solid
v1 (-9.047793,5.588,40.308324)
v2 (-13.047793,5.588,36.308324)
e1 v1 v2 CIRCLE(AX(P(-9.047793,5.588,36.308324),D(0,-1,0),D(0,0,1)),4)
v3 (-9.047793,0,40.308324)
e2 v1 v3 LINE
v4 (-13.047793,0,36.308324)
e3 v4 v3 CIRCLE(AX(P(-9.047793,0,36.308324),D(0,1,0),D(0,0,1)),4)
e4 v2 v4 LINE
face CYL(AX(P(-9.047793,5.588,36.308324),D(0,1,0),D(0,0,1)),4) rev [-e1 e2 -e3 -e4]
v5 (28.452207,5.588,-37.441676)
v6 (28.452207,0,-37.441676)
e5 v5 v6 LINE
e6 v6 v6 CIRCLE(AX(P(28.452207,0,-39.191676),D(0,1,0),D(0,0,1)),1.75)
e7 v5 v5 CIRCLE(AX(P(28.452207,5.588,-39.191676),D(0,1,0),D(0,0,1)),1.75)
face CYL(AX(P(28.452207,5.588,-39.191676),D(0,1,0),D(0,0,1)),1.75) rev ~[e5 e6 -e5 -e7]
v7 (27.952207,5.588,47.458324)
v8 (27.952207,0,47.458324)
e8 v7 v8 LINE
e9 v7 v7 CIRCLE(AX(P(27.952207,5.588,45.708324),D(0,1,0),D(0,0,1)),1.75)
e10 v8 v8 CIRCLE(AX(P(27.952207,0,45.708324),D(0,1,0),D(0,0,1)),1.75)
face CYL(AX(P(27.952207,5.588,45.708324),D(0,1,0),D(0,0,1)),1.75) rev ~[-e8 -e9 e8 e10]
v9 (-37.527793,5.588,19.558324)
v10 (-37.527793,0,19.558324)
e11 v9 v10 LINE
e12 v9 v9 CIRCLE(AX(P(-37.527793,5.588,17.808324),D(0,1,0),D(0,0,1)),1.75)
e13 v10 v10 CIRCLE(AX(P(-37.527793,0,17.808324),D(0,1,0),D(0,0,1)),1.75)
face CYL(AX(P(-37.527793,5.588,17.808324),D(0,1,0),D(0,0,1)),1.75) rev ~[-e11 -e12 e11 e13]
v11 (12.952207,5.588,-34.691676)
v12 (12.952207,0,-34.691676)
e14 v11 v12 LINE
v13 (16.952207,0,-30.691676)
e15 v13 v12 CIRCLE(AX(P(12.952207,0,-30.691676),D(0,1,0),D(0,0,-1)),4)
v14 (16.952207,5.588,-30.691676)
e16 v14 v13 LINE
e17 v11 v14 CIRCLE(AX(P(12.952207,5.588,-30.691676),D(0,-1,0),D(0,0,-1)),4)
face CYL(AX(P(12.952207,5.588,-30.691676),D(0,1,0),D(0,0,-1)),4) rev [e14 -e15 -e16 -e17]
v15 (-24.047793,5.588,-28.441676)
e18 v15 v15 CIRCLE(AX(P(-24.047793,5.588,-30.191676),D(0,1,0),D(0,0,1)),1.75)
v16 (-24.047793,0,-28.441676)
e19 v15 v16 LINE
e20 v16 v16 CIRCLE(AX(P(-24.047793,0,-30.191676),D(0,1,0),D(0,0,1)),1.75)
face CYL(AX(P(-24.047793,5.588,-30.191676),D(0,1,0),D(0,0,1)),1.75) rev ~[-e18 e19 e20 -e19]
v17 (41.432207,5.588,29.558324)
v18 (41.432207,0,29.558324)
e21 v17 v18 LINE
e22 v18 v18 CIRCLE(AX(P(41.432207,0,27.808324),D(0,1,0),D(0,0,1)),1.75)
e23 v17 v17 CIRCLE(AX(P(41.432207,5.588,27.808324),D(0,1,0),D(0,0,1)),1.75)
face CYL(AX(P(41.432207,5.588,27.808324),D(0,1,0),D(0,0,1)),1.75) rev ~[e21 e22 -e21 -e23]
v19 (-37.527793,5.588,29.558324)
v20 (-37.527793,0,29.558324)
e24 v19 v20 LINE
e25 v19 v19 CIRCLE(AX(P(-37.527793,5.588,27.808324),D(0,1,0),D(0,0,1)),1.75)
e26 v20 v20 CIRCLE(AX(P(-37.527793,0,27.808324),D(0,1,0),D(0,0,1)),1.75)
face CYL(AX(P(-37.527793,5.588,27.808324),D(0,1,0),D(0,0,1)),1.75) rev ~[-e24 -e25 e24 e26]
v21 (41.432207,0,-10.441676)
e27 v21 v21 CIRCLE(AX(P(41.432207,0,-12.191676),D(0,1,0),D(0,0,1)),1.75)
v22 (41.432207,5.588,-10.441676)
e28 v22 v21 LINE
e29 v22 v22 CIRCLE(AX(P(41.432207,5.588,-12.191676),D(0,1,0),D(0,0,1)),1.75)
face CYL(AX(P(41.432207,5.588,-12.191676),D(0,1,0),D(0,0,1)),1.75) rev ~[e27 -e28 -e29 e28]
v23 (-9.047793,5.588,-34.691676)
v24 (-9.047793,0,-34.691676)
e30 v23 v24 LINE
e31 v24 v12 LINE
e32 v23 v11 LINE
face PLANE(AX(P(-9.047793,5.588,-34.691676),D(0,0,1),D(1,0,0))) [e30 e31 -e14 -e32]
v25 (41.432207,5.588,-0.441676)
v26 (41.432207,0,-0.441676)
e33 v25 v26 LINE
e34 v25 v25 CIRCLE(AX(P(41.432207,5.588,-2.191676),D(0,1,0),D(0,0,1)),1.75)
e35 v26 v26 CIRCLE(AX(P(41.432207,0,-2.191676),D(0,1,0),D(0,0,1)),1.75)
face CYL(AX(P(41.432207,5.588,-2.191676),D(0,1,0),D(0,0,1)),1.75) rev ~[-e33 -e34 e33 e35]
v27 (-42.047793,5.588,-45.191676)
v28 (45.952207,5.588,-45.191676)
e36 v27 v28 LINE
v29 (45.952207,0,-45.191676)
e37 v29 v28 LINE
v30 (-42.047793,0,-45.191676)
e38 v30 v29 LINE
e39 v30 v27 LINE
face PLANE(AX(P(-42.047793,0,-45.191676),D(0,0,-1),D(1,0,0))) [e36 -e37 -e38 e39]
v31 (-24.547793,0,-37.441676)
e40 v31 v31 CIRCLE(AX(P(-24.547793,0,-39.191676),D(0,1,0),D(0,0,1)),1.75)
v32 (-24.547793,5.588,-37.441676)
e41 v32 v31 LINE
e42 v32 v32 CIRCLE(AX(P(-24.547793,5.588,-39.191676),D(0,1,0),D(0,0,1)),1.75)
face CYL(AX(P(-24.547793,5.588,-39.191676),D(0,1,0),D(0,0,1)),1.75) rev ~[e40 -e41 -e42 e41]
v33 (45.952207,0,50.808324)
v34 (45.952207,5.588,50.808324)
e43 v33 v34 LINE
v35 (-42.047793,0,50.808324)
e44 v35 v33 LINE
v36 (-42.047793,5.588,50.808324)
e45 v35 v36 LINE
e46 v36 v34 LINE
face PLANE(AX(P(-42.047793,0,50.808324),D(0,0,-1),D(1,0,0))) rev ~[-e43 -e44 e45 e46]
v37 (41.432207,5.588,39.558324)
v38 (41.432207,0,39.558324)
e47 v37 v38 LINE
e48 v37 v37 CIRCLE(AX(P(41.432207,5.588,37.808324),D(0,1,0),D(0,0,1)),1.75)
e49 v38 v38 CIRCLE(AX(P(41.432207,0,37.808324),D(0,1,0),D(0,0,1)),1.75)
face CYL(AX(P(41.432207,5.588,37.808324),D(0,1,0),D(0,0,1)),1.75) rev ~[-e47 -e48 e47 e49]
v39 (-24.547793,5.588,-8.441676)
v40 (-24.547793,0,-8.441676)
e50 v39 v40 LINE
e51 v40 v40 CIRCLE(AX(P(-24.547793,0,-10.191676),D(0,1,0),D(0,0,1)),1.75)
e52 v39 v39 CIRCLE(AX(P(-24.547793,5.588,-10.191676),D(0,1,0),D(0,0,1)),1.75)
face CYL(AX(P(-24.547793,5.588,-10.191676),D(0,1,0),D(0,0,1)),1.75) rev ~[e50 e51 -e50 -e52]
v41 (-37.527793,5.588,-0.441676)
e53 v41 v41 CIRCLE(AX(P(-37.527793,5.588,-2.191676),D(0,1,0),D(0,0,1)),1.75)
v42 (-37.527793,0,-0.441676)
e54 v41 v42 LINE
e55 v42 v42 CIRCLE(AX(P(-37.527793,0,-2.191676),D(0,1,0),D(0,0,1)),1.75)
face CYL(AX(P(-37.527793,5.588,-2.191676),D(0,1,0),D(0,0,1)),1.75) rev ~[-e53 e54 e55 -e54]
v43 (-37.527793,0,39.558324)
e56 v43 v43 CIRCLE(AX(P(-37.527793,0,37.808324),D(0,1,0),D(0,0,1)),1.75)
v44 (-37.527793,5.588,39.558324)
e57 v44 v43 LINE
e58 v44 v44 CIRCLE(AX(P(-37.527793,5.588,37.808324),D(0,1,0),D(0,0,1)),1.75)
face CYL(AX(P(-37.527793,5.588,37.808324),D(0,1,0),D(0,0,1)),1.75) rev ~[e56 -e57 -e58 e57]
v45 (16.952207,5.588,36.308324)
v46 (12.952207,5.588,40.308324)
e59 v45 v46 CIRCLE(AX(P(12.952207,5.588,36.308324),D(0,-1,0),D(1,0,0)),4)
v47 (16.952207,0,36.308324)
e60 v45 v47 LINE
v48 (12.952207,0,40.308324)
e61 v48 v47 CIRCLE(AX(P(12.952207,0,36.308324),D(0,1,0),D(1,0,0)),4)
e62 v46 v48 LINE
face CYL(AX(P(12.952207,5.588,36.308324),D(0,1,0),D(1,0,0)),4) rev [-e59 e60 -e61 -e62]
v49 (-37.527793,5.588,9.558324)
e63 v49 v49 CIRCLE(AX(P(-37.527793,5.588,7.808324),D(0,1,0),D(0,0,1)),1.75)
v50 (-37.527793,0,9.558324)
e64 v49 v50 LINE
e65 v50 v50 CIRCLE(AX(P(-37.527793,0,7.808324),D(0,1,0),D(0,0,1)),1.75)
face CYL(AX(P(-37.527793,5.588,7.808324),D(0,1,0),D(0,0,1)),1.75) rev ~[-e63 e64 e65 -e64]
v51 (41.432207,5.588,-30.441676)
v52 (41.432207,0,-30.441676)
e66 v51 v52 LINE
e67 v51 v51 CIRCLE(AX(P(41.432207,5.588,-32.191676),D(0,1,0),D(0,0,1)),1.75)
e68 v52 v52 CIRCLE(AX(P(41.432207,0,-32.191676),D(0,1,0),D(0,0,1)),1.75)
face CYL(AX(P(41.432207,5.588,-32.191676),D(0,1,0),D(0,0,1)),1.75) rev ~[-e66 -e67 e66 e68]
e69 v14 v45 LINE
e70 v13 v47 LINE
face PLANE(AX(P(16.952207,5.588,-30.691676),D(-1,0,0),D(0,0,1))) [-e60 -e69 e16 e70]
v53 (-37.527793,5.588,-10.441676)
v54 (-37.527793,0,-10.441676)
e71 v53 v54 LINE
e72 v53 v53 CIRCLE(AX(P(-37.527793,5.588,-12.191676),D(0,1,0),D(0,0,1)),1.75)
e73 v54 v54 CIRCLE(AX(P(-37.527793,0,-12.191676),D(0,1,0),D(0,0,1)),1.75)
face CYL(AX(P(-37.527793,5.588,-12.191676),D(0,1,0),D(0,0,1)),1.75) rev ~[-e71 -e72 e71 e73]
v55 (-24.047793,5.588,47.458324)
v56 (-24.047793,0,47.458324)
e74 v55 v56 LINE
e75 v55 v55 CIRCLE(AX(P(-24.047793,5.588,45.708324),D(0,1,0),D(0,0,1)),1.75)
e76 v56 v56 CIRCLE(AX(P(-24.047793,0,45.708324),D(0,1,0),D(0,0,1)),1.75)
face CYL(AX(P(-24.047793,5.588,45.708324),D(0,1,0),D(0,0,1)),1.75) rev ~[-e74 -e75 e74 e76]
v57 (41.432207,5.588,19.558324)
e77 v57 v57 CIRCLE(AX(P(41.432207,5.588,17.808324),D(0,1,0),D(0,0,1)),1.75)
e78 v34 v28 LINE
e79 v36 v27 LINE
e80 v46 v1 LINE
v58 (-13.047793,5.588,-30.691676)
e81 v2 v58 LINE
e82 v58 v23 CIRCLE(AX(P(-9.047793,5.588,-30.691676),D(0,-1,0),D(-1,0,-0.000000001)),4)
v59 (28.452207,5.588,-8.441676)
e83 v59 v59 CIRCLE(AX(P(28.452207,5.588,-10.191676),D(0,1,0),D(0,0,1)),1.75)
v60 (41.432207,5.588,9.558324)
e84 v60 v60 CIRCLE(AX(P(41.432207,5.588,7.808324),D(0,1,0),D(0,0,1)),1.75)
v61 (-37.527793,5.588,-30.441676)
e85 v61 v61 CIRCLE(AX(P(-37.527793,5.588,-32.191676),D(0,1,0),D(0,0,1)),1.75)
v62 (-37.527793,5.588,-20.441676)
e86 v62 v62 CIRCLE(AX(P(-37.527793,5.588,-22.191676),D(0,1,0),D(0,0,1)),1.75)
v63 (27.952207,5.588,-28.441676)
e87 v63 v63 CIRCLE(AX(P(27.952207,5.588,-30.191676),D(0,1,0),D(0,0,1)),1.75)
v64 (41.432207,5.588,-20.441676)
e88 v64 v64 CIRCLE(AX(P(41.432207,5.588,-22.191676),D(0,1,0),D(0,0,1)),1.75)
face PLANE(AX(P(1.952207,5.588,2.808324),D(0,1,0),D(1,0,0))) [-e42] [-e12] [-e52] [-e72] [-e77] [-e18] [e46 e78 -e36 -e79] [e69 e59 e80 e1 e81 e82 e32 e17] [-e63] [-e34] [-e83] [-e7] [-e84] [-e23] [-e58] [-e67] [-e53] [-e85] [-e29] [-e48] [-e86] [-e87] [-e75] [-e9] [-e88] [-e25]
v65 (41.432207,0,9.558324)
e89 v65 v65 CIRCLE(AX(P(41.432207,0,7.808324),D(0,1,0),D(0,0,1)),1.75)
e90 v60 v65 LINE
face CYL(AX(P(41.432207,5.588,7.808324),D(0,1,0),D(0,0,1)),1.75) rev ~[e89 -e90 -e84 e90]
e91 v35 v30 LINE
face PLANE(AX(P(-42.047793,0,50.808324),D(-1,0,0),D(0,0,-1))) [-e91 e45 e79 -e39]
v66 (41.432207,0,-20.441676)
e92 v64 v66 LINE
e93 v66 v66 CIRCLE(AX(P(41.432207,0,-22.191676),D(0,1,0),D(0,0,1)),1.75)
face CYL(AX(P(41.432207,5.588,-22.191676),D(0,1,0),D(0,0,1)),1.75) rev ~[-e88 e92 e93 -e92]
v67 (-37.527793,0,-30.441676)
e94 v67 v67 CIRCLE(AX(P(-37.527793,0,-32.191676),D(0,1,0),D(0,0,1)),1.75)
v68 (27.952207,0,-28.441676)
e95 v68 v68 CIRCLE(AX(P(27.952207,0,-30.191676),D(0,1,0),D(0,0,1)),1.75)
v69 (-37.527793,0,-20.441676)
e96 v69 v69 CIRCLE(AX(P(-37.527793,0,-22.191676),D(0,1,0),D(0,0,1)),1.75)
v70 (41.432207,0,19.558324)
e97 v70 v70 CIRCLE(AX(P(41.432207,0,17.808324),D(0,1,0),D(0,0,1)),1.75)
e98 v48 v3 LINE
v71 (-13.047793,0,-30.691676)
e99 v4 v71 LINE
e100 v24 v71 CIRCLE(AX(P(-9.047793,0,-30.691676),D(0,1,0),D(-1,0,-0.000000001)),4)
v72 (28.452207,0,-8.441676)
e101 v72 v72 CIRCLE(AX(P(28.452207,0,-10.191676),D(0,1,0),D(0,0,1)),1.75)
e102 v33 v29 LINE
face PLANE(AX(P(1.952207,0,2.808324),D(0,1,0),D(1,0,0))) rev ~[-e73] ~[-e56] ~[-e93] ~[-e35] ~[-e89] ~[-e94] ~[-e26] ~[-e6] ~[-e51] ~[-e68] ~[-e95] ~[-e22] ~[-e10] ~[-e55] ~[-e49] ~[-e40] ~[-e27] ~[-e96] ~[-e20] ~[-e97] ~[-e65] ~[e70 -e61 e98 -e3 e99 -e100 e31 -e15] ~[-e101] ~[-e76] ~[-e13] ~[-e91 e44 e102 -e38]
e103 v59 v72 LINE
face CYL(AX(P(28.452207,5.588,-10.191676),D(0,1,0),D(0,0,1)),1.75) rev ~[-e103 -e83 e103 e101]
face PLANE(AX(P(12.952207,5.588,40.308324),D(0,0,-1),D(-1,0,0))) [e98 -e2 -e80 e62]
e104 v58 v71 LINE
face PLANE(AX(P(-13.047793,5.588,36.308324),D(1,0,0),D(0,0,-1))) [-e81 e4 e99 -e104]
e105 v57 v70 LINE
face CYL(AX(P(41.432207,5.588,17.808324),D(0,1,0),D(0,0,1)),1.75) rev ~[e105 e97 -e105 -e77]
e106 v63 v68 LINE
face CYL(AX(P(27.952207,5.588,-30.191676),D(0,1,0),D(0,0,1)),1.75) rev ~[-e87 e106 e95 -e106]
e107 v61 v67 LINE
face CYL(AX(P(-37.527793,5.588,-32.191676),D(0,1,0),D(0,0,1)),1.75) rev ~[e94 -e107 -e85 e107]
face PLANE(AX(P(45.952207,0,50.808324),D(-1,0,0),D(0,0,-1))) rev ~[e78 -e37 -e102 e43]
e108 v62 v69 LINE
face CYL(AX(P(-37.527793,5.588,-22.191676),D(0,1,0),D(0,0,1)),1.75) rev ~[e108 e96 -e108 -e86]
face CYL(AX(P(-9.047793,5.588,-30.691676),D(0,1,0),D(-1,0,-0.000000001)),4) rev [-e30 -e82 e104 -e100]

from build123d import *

# Parameters (mm, degrees)
SKETCH1_W           = 88
SKETCH1_H           = 96
BOSS_EXTRUDE1_DEPTH = 5.588
SKETCH3_R           = 1.75
CUT_EXTRUDE1_DEPTH  = 69.733665789
CUT_EXTRUDE2_DEPTH  = 69.733665789
SKETCH5_R           = 1.75
CUT_EXTRUDE3_DEPTH  = 69.733665789


with BuildPart() as part:
    # Sketch1 → Boss-Extrude1 (new body)
    with BuildSketch(Plane(origin=(0, 0, 0), x_dir=(1, 0, 0), z_dir=(0, 1, 0))):
        with Locations((1.952207024, -2.808323514)):
            Rectangle(SKETCH1_W, SKETCH1_H)
    extrude(amount=BOSS_EXTRUDE1_DEPTH)

    # Sketch3 → Cut-Extrude1 (cut, through all)
    with BuildSketch(Plane(origin=(0, 5.588, 0), x_dir=(1, 0, 0), z_dir=(0, 1, 0))):
        with Locations(Location((-24.047792976, 30.191676486, 0), (0, 0, 270))):
            Circle(SKETCH3_R)
        with Locations(Location((27.952207024, 30.191676486, 0), (0, 0, 270))):
            Circle(SKETCH3_R)
        with Locations(Location((-24.047792976, -45.708323514, 0), (0, 0, 270))):
            Circle(SKETCH3_R)
        with Locations(Location((27.952207024, -45.708323514, 0), (0, 0, 270))):
            Circle(SKETCH3_R)
        with Locations(Location((-24.547792976, 39.191676486, 0), (0, 0, 270))):
            Circle(SKETCH3_R)
        with Locations(Location((28.452207024, 39.191676486, 0), (0, 0, 270))):
            Circle(SKETCH3_R)
        with Locations(Location((-24.547792976, 10.191676486, 0), (0, 0, 270))):
            Circle(SKETCH3_R)
        with Locations(Location((28.452207024, 10.191676486, 0), (0, 0, 270))):
            Circle(SKETCH3_R)
    extrude(amount=-CUT_EXTRUDE1_DEPTH, mode=Mode.SUBTRACT)

    # Sketch4 → Cut-Extrude2 (cut, through all)
    with BuildSketch(Plane(origin=(0, 5.588, 0), x_dir=(1, 0, 0), z_dir=(0, 1, 0))):
        with BuildLine():
            Line((-9.047792976, 34.691676486), (12.952207024, 34.691676486))
            ThreePointArc((12.952207024, 34.691676486), (15.780634149, 33.52010361), (16.952207024, 30.691676486))
            Line((16.952207024, 30.691676486), (16.952207024, -36.308323514))
            ThreePointArc((16.952207024, -36.308323514), (15.780634149, -39.136750639), (12.952207024, -40.308323514))
            Line((12.952207024, -40.308323514), (-9.047792976, -40.308323514))
            ThreePointArc((-9.047792976, -40.308323514), (-11.8762201, -39.136750639), (-13.047792976, -36.308323514))
            Line((-13.047792976, -36.308323514), (-13.047792976, 30.691676486))
            ThreePointArc((-13.047792976, 30.691676486), (-11.8762201, 33.52010361), (-9.047792976, 34.691676486))
        make_face()
    extrude(amount=-CUT_EXTRUDE2_DEPTH, mode=Mode.SUBTRACT)

    # Sketch5 → Cut-Extrude3 (cut, through all)
    with BuildSketch(Plane(origin=(0, 5.588, 0), x_dir=(1, 0, 0), z_dir=(0, 1, 0))):
        with Locations(Location((-37.527792976, 32.191676486, 0), (0, 0, 270))):
            Circle(SKETCH5_R)
        with Locations(Location((41.432207024, 32.191676486, 0), (0, 0, 270))):
            Circle(SKETCH5_R)
        with Locations(Location((-37.527792976, 22.191676486, 0), (0, 0, 270))):
            Circle(SKETCH5_R)
        with Locations(Location((41.432207024, 22.191676486, 0), (0, 0, 270))):
            Circle(SKETCH5_R)
        with Locations(Location((-37.527792976, 12.191676486, 0), (0, 0, 270))):
            Circle(SKETCH5_R)
        with Locations(Location((41.432207024, 12.191676486, 0), (0, 0, 270))):
            Circle(SKETCH5_R)
        with Locations(Location((-37.527792976, 2.191676486, 0), (0, 0, 270))):
            Circle(SKETCH5_R)
        with Locations(Location((41.432207024, 2.191676486, 0), (0, 0, 270))):
            Circle(SKETCH5_R)
        with Locations(Location((-37.527792976, -7.808323514, 0), (0, 0, 270))):
            Circle(SKETCH5_R)
        with Locations(Location((41.432207024, -7.808323514, 0), (0, 0, 270))):
            Circle(SKETCH5_R)
        with Locations(Location((-37.527792976, -17.808323514, 0), (0, 0, 270))):
            Circle(SKETCH5_R)
        with Locations(Location((41.432207024, -17.808323514, 0), (0, 0, 270))):
            Circle(SKETCH5_R)
        with Locations(Location((-37.527792976, -27.808323514, 0), (0, 0, 270))):
            Circle(SKETCH5_R)
        with Locations(Location((41.432207024, -27.808323514, 0), (0, 0, 270))):
            Circle(SKETCH5_R)
        with Locations(Location((-37.527792976, -37.808323514, 0), (0, 0, 270))):
            Circle(SKETCH5_R)
        with Locations(Location((41.432207024, -37.808323514, 0), (0, 0, 270))):
            Circle(SKETCH5_R)
    extrude(amount=-CUT_EXTRUDE3_DEPTH, mode=Mode.SUBTRACT)


solid = part.part
